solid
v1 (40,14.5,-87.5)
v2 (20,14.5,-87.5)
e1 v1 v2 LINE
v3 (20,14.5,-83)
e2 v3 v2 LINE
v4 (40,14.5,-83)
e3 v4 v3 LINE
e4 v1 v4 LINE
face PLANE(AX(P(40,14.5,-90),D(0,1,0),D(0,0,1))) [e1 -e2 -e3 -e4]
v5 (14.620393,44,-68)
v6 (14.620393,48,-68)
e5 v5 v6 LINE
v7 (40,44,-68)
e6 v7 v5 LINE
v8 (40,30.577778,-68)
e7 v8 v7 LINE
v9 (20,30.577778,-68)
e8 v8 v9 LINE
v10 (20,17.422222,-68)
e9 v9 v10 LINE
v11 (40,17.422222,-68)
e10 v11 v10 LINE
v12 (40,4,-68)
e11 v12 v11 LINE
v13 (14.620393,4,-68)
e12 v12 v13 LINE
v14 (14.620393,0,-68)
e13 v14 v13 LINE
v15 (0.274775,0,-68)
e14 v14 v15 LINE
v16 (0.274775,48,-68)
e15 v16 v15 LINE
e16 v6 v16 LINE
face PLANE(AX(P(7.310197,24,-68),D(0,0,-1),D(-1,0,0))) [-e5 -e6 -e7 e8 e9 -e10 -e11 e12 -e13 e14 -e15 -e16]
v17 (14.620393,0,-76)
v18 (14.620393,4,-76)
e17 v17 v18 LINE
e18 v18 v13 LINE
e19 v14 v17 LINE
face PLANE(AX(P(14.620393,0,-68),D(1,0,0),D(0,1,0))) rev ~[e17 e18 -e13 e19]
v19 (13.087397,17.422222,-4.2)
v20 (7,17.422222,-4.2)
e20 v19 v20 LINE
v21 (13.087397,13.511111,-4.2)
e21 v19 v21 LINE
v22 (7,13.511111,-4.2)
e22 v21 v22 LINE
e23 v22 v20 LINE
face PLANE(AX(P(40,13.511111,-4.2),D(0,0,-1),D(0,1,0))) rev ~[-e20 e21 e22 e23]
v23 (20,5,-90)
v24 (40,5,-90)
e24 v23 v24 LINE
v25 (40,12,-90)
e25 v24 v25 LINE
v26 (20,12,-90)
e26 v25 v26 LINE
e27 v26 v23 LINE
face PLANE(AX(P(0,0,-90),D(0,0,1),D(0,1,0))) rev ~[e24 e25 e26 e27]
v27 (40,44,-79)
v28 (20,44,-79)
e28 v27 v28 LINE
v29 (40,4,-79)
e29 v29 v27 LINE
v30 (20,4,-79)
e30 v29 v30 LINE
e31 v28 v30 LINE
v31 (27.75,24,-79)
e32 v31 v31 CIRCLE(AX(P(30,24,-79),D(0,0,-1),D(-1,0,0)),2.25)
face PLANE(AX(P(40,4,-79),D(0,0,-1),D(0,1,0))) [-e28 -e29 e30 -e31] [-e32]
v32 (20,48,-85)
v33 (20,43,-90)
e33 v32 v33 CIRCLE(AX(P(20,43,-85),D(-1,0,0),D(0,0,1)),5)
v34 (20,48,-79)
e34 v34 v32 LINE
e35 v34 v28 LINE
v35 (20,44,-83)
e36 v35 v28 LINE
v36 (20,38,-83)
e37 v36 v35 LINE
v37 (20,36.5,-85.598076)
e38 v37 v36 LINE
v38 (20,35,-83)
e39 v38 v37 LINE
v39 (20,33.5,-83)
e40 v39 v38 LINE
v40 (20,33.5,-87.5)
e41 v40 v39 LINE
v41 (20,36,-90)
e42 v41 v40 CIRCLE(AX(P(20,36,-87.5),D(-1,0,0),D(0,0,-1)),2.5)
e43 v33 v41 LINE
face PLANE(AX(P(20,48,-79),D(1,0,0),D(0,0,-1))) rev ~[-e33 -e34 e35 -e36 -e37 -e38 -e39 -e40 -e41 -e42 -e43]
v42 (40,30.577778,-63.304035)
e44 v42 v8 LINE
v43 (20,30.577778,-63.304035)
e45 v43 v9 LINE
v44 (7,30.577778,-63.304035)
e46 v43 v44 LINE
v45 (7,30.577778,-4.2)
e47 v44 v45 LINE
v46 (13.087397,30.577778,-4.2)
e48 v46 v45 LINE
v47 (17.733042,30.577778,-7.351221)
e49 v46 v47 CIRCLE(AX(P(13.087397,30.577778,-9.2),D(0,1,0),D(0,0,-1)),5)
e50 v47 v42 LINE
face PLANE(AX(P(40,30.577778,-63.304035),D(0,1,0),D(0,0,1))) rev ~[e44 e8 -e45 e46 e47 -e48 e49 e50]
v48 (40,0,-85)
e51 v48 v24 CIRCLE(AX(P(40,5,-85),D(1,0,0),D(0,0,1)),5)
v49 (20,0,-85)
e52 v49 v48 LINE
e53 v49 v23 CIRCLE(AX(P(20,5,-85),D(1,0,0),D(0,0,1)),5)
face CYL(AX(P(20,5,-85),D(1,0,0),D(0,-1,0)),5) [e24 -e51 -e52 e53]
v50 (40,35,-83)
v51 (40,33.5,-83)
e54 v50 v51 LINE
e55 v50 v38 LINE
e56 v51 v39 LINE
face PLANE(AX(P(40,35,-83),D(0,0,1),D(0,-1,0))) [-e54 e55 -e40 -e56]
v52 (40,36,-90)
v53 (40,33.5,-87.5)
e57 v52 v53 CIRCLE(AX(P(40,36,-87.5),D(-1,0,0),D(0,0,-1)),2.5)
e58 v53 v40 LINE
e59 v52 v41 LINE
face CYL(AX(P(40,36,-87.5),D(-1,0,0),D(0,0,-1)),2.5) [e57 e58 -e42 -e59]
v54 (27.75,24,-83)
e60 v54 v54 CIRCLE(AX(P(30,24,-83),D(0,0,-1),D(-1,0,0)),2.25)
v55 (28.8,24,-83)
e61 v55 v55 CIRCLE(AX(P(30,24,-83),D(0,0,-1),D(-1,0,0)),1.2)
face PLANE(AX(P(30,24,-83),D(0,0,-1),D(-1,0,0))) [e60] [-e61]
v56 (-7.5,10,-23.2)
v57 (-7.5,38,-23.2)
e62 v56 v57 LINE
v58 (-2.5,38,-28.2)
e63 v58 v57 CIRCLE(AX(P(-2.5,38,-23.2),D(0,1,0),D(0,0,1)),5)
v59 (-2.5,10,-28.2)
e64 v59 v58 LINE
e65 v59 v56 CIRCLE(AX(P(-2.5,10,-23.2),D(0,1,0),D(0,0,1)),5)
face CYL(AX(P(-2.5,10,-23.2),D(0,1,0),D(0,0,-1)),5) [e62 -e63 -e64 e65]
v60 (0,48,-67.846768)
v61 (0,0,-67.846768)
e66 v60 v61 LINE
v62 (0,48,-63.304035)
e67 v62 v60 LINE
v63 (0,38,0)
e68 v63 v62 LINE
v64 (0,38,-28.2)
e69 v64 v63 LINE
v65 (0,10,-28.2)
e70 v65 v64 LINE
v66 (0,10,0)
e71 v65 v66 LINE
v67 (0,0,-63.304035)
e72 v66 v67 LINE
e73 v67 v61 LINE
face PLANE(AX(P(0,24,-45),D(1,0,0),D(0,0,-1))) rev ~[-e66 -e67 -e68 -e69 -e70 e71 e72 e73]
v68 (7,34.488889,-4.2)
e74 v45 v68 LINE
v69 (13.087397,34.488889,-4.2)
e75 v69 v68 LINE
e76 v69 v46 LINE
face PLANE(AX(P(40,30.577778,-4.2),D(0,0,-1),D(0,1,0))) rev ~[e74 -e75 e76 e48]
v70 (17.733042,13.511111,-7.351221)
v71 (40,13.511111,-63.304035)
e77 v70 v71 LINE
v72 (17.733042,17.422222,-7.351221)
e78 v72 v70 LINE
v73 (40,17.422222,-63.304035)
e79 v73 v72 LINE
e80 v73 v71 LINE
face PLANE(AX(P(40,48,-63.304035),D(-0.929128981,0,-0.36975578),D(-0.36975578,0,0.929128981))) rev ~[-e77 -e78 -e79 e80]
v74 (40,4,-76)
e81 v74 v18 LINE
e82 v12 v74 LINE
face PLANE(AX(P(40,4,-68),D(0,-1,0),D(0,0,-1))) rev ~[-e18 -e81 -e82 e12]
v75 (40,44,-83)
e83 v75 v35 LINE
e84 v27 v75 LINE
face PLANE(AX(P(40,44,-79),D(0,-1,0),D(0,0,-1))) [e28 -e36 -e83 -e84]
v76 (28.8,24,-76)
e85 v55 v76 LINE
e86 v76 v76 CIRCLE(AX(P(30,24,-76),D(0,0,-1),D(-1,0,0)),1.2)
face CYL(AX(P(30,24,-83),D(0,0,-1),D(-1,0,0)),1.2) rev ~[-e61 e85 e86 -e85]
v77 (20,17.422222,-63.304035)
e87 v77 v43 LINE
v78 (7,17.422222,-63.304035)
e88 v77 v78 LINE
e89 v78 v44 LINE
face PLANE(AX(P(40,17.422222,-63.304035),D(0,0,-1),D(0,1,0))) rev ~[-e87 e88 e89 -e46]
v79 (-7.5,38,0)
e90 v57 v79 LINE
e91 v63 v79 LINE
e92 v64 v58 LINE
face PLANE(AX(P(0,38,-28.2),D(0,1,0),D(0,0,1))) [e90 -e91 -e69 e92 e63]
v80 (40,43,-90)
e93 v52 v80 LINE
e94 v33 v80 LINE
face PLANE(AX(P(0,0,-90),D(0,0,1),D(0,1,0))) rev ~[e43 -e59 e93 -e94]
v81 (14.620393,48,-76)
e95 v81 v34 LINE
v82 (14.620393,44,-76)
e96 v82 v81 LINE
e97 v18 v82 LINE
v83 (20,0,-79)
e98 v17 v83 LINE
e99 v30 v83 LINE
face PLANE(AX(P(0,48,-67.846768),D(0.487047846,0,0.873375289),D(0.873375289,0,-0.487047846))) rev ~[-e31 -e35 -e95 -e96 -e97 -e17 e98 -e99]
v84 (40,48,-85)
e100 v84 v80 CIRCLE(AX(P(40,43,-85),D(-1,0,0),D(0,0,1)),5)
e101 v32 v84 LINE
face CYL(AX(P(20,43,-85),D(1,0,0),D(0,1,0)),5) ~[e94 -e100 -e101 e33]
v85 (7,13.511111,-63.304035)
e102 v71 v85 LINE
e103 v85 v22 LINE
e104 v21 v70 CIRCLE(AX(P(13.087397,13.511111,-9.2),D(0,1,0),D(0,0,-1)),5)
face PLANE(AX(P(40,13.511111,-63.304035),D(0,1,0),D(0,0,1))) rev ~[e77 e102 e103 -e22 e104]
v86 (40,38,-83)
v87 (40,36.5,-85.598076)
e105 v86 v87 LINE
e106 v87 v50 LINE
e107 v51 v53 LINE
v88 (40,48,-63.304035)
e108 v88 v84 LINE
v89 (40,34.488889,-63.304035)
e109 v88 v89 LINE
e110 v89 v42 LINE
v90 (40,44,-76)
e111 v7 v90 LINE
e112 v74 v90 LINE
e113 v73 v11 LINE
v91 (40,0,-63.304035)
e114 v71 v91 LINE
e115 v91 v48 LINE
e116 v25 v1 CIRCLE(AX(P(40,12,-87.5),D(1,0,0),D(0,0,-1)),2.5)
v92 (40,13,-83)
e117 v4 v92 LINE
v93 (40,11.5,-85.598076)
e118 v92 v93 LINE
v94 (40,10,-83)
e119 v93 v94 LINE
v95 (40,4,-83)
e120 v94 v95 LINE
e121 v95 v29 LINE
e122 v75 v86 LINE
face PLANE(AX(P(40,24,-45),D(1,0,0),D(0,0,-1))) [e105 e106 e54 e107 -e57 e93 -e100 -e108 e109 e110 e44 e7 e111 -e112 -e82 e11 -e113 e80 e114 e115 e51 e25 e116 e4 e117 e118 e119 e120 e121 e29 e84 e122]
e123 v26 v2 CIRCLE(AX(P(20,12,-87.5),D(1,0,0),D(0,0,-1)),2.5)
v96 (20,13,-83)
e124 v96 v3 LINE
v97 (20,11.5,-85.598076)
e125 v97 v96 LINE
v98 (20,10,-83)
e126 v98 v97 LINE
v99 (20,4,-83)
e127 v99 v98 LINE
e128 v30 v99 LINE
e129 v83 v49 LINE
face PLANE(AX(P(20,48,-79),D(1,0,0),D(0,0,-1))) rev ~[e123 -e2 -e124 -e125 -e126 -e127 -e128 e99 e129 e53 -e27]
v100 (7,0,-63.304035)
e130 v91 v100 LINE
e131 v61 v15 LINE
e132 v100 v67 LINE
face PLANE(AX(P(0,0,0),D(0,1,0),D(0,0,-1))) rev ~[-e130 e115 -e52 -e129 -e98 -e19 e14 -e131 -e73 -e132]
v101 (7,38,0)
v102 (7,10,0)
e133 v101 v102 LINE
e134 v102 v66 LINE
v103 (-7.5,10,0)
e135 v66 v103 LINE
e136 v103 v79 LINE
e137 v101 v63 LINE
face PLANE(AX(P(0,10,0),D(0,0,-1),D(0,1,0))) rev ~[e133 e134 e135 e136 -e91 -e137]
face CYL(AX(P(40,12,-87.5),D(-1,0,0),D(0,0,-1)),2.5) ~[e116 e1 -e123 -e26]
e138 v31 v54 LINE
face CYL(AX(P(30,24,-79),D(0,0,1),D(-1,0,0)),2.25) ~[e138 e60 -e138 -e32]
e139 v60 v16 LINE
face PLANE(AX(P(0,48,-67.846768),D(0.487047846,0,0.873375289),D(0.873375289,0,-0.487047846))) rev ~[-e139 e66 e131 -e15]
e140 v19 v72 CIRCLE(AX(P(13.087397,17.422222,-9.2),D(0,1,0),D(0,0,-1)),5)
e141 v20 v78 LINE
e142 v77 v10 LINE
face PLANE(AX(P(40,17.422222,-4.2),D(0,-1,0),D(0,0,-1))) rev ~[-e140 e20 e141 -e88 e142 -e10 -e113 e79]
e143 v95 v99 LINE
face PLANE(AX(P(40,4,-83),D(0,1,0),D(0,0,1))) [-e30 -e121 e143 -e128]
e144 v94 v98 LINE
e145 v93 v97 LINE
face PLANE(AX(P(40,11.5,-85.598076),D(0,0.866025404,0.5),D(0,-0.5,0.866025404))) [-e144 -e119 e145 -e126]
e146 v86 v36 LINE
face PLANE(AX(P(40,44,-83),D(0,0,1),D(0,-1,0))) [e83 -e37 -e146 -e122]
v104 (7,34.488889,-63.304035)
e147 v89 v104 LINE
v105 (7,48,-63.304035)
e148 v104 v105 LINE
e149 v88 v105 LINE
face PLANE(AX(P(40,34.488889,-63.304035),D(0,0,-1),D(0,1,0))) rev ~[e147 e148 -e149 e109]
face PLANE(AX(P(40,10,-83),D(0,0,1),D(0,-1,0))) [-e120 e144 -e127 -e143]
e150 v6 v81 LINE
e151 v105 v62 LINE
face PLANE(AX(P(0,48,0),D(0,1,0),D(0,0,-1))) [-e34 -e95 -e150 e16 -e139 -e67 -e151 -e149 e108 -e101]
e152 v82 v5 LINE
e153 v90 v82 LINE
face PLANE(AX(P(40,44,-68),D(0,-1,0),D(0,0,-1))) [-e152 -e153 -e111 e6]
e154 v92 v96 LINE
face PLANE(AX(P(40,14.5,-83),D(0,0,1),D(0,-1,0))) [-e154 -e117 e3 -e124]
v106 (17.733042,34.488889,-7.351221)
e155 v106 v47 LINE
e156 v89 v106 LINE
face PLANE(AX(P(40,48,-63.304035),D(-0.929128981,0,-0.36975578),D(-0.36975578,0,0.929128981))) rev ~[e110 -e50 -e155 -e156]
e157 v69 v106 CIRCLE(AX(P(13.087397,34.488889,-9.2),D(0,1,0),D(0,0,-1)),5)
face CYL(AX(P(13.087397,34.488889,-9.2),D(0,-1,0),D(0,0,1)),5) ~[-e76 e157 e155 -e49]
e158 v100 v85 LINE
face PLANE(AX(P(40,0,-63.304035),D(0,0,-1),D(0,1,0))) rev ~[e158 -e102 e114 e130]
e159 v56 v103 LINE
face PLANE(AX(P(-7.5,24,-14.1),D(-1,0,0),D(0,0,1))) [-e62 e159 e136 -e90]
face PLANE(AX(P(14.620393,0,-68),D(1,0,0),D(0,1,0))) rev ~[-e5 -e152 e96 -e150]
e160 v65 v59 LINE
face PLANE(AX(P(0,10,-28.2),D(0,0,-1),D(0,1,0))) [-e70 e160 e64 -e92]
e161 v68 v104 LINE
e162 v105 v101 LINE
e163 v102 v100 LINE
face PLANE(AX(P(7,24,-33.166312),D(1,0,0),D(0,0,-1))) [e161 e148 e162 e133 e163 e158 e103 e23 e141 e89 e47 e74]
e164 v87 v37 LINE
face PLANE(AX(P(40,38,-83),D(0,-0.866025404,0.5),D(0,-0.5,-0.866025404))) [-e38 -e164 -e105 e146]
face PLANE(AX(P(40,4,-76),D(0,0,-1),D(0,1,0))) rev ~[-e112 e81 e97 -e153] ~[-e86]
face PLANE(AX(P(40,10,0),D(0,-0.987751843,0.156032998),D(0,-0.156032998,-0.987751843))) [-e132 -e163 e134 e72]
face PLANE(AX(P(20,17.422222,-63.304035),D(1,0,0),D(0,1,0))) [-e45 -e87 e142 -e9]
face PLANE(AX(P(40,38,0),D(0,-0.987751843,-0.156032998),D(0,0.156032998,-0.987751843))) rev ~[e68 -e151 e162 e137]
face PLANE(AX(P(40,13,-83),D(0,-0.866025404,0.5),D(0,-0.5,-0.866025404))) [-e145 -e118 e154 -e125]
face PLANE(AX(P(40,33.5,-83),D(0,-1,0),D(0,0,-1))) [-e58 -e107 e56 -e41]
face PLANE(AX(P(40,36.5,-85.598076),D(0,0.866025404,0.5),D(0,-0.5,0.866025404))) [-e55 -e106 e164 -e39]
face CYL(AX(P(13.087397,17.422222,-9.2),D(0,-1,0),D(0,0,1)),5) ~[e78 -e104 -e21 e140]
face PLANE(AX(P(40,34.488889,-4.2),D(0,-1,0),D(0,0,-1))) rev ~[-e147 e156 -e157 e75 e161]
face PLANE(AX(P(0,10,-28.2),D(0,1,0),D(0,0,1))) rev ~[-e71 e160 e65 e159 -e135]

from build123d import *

# Parameters (mm, degrees)
SKETCH_1_W          = 90
SKETCH_1_H          = 48
EXTRUDE_1_DEPTH     = 40
CUT_EXTRUDE_1_DEPTH = 40
CUT_EXTRUDE_2_DEPTH = 49
CUT_EXTRUDE_3_DEPTH = 49
CUT_EXTRUDE_4_DEPTH = 33
SKETCH_6_W          = 8
SKETCH_6_H          = 40
CUT_EXTRUDE_5_DEPTH = 41
SKETCH_7_W          = 20
SKETCH_7_H          = 13.155555556
CUT_EXTRUDE_6_DEPTH = 5
SKETCH_8_W          = 28.2
SKETCH_8_H          = 28
EXTRUDE_2_DEPTH     = 7.5
SKETCH_9_R          = 2.25
EXTRUDE_3_DEPTH     = 4
SKETCH_10_R         = 1.2
CUT_EXTRUDE_7_DEPTH = 84
FILLET_1_R          = 5
FILLET_2_R          = 2.5
SKETCH_11_W         = 14.62039328
SKETCH_11_H         = 48
CUT_EXTRUDE_8_DEPTH = 10


with BuildPart() as part:
    # 스케치1 → 보스-돌출1 (new body)
    with BuildSketch(Plane(origin=(0, 0, 0), x_dir=(0, 0, -1), z_dir=(1, 0, 0))):
        with Locations((45, 24)):
            Rectangle(SKETCH_1_W, SKETCH_1_H)
    extrude(amount=EXTRUDE_1_DEPTH)

    # 스케치2 → 컷-돌출1 (cut)
    with BuildSketch(Plane(origin=(40, 0, 0), x_dir=(0, 0, -1), z_dir=(1, 0, 0))):
        Polygon((79, 44), (83, 44), (83, 38), (85.598076211, 36.5), (83, 35), (83, 33.5), (90, 33.5), (90, 14.5), (83, 14.5), (83, 13), (85.598076211, 11.5), (83, 10), (83, 4), (79, 4), align=None)
        Polygon((0, 38), (63.304035288, 48), (0, 48), align=None)
        Polygon((0, 10), (63.304035288, 0), (0, 0), align=None)
    extrude(amount=-CUT_EXTRUDE_1_DEPTH, mode=Mode.SUBTRACT)

    # 스케치3 → 컷-돌출2 (cut, through all)
    with BuildSketch(Plane(origin=(0, 48, 0), x_dir=(1, 0, 0), z_dir=(0, 1, 0))):
        Polygon((0, 67.846768337), (20, 79), (20, 90), (0, 90), align=None)
    extrude(amount=-CUT_EXTRUDE_2_DEPTH, mode=Mode.SUBTRACT)

    # 스케치4 → 컷-돌출3 (cut, through all)
    with BuildSketch(Plane(origin=(0, 48, 0), x_dir=(1, 0, 0), z_dir=(0, 1, 0))):
        Polygon((40, 63.304035288), (14.807552651, 0), (40, 0), align=None)
    extrude(amount=-CUT_EXTRUDE_3_DEPTH, mode=Mode.SUBTRACT)

    # 스케치5 → 컷-돌출4 (cut)
    with BuildSketch(Plane(origin=(40, 0, 0), x_dir=(0, 0, -1), z_dir=(1, 0, 0))):
        Polygon((4.2, 34.488888889), (63.304035288, 34.488888889), (63.304035288, 48), (0, 38), (0, 10), (63.304035288, 0), (63.304035288, 13.511111111), (4.2, 13.511111111), (4.2, 17.422222222), (63.304035288, 17.422222222), (63.304035288, 30.577777778), (4.2, 30.577777778), align=None)
    extrude(amount=-CUT_EXTRUDE_4_DEPTH, mode=Mode.SUBTRACT)

    # 스케치6 → 컷-돌출5 (cut, through all)
    with BuildSketch(Plane(origin=(40, 0, 0), x_dir=(0, 0, -1), z_dir=(1, 0, 0))):
        with Locations((72, 24)):
            Rectangle(SKETCH_6_W, SKETCH_6_H)
    extrude(amount=-CUT_EXTRUDE_5_DEPTH, mode=Mode.SUBTRACT)

    # 스케치7 → 컷-돌출6 (cut)
    with BuildSketch(Plane.XY.offset(-63.304035288)):
        with Locations((30, 24)):
            Rectangle(SKETCH_7_W, SKETCH_7_H)
    extrude(amount=-CUT_EXTRUDE_6_DEPTH, mode=Mode.SUBTRACT)

    # 스케치8 → 보스-돌출2 (add)
    with BuildSketch(Plane.ZY):
        with Locations((-14.1, 24)):
            Rectangle(SKETCH_8_W, SKETCH_8_H)
    extrude(amount=EXTRUDE_2_DEPTH)

    # 스케치9 → 보스-돌출3 (add)
    with BuildSketch(Plane(origin=(0, 0, -79), x_dir=(-1, 0, 0), z_dir=(0, 0, -1))):
        with Locations((-30, 24)):
            Circle(SKETCH_9_R)
    extrude(amount=EXTRUDE_3_DEPTH)

    # 스케치10 → 컷-돌출7 (cut, through all)
    with BuildSketch(Plane(origin=(0, 0, -83), x_dir=(-1, 0, 0), z_dir=(0, 0, -1))):
        with Locations((-30, 24)):
            Circle(SKETCH_10_R)
    extrude(amount=-CUT_EXTRUDE_7_DEPTH, mode=Mode.SUBTRACT)

    # 필렛1
    fillet_1_edges = [part.edges().sort_by_distance(p)[0] for p in [
        (16.47898289, 32.533333333, -4.2),
        (16.47898289, 15.466666667, -4.2),
        (-7.5, 24, -28.2),
        (30, 48, -90),
        (30, 0, -90),
    ]]
    fillet(fillet_1_edges, radius=FILLET_1_R)

    # 필렛2
    fillet_2_edges = [part.edges().sort_by_distance(p)[0] for p in [
        (30, 14.5, -90),
        (30, 33.5, -90),
    ]]
    fillet(fillet_2_edges, radius=FILLET_2_R)

    # 스케치11 → 컷-돌출8 (cut)
    with BuildSketch(Plane(origin=(0, 0, -68), x_dir=(-1, 0, 0), z_dir=(0, 0, -1))):
        with Locations((-7.31019664, 24)):
            Rectangle(SKETCH_11_W, SKETCH_11_H)
    extrude(amount=CUT_EXTRUDE_8_DEPTH, mode=Mode.SUBTRACT)


solid = part.part
